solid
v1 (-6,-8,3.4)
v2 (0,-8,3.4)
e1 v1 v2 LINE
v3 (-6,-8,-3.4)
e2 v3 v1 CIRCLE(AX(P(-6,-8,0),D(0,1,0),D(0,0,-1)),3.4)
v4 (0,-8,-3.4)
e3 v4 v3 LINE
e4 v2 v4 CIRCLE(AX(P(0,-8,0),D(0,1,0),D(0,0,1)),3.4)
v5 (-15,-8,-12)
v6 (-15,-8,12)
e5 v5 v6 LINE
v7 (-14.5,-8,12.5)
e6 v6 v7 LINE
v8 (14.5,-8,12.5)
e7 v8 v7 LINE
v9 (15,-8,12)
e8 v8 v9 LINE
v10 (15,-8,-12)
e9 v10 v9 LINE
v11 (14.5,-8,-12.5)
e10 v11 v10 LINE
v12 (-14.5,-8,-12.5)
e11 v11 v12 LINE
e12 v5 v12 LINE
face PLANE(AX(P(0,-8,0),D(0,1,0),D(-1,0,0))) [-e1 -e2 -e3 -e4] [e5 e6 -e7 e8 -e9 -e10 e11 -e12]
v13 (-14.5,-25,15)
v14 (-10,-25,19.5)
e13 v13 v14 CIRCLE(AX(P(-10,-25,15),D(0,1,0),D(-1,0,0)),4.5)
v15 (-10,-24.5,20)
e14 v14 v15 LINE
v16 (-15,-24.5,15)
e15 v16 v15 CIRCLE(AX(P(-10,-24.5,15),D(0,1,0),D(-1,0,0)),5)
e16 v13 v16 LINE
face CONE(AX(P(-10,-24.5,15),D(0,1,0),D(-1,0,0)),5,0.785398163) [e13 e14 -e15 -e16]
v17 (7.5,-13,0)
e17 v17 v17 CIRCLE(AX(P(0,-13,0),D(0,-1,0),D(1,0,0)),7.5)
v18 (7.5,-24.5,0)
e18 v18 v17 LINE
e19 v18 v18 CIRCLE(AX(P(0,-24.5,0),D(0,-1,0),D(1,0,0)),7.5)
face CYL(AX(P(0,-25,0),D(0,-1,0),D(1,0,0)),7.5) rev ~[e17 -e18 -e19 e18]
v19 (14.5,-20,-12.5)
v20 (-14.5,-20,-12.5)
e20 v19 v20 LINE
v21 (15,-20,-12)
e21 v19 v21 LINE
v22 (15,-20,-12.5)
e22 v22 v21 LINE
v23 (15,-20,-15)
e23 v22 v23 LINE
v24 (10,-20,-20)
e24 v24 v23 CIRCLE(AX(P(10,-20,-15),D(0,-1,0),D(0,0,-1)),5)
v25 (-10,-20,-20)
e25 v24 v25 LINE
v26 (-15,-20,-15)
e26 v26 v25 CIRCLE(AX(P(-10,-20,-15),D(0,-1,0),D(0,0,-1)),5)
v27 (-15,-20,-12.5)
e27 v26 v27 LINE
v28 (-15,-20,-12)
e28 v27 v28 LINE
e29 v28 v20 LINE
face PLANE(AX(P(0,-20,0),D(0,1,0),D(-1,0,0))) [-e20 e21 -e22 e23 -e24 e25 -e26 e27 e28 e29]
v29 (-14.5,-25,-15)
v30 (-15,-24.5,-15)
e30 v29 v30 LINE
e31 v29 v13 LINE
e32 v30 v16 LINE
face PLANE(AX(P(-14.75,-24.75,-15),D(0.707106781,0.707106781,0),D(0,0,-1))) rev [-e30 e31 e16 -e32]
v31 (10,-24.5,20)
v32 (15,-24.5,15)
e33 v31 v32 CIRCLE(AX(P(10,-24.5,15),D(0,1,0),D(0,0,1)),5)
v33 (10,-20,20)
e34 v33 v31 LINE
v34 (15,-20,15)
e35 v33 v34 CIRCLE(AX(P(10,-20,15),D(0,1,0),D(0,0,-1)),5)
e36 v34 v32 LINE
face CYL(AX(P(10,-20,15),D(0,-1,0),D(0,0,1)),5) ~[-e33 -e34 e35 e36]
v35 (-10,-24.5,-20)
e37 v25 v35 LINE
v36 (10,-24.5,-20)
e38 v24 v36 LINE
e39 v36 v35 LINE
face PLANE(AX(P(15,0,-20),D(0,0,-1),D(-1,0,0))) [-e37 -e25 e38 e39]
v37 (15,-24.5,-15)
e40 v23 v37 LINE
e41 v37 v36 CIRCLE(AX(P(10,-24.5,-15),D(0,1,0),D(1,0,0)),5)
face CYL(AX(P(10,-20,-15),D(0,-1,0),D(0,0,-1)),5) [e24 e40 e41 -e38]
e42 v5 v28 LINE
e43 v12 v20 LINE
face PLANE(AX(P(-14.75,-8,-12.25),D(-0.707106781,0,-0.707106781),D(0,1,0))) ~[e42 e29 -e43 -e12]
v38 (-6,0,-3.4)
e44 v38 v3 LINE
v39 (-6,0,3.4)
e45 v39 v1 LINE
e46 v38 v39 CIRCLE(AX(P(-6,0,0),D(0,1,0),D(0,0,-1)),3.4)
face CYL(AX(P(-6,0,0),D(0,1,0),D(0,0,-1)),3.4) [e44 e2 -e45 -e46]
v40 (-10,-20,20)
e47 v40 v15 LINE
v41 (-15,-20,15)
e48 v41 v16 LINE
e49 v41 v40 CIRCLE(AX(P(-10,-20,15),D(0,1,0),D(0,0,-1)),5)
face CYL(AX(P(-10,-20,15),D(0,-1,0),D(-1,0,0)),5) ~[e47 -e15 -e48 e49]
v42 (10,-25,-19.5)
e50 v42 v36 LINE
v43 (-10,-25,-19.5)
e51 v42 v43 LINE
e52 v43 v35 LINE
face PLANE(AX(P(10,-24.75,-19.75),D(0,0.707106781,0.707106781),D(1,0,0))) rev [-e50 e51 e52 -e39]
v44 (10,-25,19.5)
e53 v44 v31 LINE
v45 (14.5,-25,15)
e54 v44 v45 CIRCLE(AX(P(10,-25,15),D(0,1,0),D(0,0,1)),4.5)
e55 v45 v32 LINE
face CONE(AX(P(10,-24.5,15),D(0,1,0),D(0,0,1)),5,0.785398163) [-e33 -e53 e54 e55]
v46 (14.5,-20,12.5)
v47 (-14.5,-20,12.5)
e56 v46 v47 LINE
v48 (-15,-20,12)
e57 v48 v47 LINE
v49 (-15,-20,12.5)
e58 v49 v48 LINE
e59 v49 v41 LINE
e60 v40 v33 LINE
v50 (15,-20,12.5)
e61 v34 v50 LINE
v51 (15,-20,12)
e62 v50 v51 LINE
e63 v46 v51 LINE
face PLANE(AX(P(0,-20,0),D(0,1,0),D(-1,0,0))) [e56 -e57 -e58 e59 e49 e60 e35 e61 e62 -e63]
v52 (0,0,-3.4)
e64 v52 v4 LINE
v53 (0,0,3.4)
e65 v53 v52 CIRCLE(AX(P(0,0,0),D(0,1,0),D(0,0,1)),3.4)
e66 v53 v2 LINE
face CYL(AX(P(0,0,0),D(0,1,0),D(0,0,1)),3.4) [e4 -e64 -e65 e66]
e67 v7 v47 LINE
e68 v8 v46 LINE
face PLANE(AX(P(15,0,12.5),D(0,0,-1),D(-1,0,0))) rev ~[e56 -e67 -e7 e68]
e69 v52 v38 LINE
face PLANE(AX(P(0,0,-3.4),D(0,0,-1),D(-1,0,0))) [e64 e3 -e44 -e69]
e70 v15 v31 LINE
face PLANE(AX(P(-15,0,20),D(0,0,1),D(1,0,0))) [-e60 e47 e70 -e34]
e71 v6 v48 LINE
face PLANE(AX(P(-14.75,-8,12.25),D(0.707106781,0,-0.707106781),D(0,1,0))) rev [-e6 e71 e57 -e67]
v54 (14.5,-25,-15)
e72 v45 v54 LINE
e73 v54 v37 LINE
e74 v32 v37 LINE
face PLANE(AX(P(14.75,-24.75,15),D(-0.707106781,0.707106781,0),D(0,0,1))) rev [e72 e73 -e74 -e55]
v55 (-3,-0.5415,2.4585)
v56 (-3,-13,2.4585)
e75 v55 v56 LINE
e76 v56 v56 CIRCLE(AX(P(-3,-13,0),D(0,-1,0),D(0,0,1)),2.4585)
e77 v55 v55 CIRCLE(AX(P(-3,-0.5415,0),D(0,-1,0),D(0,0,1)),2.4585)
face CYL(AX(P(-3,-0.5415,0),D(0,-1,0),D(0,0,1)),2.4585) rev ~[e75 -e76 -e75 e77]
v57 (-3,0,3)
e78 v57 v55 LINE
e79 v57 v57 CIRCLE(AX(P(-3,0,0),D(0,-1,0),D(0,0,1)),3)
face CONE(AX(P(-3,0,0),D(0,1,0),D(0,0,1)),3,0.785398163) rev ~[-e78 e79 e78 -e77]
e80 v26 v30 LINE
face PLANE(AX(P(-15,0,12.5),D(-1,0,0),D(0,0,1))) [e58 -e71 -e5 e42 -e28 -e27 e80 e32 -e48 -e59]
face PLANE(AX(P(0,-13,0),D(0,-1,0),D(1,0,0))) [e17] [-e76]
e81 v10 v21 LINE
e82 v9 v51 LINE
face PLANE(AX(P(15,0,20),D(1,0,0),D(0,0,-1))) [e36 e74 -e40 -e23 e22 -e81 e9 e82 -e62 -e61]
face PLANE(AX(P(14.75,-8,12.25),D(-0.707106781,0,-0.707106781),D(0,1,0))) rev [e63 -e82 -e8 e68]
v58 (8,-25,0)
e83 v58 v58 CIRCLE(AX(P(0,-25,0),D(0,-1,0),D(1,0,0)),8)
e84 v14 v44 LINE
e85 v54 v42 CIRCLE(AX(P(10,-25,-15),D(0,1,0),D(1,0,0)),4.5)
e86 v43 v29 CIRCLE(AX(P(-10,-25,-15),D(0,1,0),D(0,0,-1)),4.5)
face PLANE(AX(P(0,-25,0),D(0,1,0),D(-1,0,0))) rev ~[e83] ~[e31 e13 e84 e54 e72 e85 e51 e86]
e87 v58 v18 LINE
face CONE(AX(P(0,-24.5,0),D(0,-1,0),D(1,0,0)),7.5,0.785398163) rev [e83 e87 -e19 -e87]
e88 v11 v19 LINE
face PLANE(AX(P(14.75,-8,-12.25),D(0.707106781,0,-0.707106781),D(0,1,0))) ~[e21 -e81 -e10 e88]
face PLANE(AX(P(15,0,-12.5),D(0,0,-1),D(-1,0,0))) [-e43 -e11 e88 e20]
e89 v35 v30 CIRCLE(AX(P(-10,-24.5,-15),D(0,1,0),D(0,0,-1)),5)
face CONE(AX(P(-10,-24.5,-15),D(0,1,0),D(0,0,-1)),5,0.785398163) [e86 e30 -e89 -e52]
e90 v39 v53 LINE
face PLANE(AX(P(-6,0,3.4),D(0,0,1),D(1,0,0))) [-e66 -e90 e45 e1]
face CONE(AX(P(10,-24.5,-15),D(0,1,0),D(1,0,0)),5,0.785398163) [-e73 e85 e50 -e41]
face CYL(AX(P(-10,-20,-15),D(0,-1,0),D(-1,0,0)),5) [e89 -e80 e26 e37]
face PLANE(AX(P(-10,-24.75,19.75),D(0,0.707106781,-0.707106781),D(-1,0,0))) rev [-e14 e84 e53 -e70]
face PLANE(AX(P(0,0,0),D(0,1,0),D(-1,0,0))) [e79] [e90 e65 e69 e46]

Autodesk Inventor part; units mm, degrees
ref_plane "YZ Plane" through (0, 0, 0) normal (1, 0, 0) x (0, 1, 0)
ref_plane "XZ Plane" through (0, 0, 0) normal (0, 1, 0) x (-1, 0, 0)
ref_plane "XY Plane" through (0, 0, 0) normal (0, 0, 1) x (1, 0, 0)
sketch "Sketch1" plane through (0, 0, 0) normal (0, 1, 0) x (-1, 0, 0)
  line L0 (15, 20) -> (-15, 20)
  line L1 (-15, 20) -> (-15, -20)
  line L2 (-15, -20) -> (15, -20)
  line L3 (15, -20) -> (15, 20)
  line L4 (15, 20) -> (-15, -20) construction
  line L5 (-15, 20) -> (15, -20) construction
  line L6 (21, 0) -> (-21, 0) construction
  line L7 (0, -28) -> (0, 28) construction
  line L8 (6, 0) -> (0, 0) construction
  line L9 (6, 3.4) -> (0, 3.4)
  line L10 (0, -3.4) -> (6, -3.4)
  arc A0 (6, -3.4) -> (6, 3.4) centre (6, 0) ccw
  arc A1 (0, 3.4) -> (0, -3.4) centre (0, 0) ccw
  line L11 (-15, 12.5) -> (15, 12.5)
  line L12 (-15, -12.5) -> (15, -12.5)
  point P0 (0, 0)
  point P1 (3, 0)
  point P2 (3, 0)
  point P3 (15, -12.5)
  dimension "d0" = 40
  dimension "d1" = 30
  dimension "d2" = 6
  dimension "d3" = 6.8
  dimension "d19" = 3
  dimension "d35" = 25
extrude "Extrusion1" add sketch "Sketch1" against normal blind 25 contours L3 L11 L1 L0 | L3 L12 L1 L11 | L3 L2 L1 L12 | A0 L10 A1 L9
extrude "Extrusion2" cut sketch "Sketch1" against normal blind 8
sketch "Sketch3" plane through (0, -25, 0) normal (0, -1, 0) x (1, 0, 0)
  circle A0 centre (0, 0) radius 7.5
  dimension "d29" = 15
extrude "Extrusion5" cut sketch "Sketch3" against normal blind 12
extrude "Extrusion6" cut sketch "Sketch1" against normal blind 20 contours L3 L11 L1 L0 | L3 L2 L1 L12
hole "Hole1" at (-3, 0, 0) direction (0, -1, 0) diameter 4.917 depth 13 countersink diameter 6 countersink angle 90 thread size "M6x1" class "6H" standard "ISO Metric profile"
fillet "Fillet1" radius 5 4 edges at (-15, -22.5, 20) (-15, -22.5, -20) (15, -22.5, -20) (15, -22.5, 20)
chamfer "Chamfer1" distance 0.5 angle 45 13 edges at (0, -25, 20) (-13.5355, -25, 18.5355) (-15, -25, 0) (-13.5355, -25, -18.5355) (0, -25, -20) (13.5355, -25, -18.5355) (15, -25, 0) (13.5355, -25, 18.5355) (-7.5, -25, 0) (-15, -14, 12.5) (-15, -14, -12.5) (15, -14, -12.5) (15, -14, 12.5)
equation "\"d4\" = slotTabH + sheetT"
equation "\"d6\" = slotTabH"
equation "\"slotTabH\" = 8"
equation "\"sheetT\" = 17"
equation "\"totalHeight\" = slotTabH + sheetT"
properties part number "TCSM1-X-003" material "Steel"
